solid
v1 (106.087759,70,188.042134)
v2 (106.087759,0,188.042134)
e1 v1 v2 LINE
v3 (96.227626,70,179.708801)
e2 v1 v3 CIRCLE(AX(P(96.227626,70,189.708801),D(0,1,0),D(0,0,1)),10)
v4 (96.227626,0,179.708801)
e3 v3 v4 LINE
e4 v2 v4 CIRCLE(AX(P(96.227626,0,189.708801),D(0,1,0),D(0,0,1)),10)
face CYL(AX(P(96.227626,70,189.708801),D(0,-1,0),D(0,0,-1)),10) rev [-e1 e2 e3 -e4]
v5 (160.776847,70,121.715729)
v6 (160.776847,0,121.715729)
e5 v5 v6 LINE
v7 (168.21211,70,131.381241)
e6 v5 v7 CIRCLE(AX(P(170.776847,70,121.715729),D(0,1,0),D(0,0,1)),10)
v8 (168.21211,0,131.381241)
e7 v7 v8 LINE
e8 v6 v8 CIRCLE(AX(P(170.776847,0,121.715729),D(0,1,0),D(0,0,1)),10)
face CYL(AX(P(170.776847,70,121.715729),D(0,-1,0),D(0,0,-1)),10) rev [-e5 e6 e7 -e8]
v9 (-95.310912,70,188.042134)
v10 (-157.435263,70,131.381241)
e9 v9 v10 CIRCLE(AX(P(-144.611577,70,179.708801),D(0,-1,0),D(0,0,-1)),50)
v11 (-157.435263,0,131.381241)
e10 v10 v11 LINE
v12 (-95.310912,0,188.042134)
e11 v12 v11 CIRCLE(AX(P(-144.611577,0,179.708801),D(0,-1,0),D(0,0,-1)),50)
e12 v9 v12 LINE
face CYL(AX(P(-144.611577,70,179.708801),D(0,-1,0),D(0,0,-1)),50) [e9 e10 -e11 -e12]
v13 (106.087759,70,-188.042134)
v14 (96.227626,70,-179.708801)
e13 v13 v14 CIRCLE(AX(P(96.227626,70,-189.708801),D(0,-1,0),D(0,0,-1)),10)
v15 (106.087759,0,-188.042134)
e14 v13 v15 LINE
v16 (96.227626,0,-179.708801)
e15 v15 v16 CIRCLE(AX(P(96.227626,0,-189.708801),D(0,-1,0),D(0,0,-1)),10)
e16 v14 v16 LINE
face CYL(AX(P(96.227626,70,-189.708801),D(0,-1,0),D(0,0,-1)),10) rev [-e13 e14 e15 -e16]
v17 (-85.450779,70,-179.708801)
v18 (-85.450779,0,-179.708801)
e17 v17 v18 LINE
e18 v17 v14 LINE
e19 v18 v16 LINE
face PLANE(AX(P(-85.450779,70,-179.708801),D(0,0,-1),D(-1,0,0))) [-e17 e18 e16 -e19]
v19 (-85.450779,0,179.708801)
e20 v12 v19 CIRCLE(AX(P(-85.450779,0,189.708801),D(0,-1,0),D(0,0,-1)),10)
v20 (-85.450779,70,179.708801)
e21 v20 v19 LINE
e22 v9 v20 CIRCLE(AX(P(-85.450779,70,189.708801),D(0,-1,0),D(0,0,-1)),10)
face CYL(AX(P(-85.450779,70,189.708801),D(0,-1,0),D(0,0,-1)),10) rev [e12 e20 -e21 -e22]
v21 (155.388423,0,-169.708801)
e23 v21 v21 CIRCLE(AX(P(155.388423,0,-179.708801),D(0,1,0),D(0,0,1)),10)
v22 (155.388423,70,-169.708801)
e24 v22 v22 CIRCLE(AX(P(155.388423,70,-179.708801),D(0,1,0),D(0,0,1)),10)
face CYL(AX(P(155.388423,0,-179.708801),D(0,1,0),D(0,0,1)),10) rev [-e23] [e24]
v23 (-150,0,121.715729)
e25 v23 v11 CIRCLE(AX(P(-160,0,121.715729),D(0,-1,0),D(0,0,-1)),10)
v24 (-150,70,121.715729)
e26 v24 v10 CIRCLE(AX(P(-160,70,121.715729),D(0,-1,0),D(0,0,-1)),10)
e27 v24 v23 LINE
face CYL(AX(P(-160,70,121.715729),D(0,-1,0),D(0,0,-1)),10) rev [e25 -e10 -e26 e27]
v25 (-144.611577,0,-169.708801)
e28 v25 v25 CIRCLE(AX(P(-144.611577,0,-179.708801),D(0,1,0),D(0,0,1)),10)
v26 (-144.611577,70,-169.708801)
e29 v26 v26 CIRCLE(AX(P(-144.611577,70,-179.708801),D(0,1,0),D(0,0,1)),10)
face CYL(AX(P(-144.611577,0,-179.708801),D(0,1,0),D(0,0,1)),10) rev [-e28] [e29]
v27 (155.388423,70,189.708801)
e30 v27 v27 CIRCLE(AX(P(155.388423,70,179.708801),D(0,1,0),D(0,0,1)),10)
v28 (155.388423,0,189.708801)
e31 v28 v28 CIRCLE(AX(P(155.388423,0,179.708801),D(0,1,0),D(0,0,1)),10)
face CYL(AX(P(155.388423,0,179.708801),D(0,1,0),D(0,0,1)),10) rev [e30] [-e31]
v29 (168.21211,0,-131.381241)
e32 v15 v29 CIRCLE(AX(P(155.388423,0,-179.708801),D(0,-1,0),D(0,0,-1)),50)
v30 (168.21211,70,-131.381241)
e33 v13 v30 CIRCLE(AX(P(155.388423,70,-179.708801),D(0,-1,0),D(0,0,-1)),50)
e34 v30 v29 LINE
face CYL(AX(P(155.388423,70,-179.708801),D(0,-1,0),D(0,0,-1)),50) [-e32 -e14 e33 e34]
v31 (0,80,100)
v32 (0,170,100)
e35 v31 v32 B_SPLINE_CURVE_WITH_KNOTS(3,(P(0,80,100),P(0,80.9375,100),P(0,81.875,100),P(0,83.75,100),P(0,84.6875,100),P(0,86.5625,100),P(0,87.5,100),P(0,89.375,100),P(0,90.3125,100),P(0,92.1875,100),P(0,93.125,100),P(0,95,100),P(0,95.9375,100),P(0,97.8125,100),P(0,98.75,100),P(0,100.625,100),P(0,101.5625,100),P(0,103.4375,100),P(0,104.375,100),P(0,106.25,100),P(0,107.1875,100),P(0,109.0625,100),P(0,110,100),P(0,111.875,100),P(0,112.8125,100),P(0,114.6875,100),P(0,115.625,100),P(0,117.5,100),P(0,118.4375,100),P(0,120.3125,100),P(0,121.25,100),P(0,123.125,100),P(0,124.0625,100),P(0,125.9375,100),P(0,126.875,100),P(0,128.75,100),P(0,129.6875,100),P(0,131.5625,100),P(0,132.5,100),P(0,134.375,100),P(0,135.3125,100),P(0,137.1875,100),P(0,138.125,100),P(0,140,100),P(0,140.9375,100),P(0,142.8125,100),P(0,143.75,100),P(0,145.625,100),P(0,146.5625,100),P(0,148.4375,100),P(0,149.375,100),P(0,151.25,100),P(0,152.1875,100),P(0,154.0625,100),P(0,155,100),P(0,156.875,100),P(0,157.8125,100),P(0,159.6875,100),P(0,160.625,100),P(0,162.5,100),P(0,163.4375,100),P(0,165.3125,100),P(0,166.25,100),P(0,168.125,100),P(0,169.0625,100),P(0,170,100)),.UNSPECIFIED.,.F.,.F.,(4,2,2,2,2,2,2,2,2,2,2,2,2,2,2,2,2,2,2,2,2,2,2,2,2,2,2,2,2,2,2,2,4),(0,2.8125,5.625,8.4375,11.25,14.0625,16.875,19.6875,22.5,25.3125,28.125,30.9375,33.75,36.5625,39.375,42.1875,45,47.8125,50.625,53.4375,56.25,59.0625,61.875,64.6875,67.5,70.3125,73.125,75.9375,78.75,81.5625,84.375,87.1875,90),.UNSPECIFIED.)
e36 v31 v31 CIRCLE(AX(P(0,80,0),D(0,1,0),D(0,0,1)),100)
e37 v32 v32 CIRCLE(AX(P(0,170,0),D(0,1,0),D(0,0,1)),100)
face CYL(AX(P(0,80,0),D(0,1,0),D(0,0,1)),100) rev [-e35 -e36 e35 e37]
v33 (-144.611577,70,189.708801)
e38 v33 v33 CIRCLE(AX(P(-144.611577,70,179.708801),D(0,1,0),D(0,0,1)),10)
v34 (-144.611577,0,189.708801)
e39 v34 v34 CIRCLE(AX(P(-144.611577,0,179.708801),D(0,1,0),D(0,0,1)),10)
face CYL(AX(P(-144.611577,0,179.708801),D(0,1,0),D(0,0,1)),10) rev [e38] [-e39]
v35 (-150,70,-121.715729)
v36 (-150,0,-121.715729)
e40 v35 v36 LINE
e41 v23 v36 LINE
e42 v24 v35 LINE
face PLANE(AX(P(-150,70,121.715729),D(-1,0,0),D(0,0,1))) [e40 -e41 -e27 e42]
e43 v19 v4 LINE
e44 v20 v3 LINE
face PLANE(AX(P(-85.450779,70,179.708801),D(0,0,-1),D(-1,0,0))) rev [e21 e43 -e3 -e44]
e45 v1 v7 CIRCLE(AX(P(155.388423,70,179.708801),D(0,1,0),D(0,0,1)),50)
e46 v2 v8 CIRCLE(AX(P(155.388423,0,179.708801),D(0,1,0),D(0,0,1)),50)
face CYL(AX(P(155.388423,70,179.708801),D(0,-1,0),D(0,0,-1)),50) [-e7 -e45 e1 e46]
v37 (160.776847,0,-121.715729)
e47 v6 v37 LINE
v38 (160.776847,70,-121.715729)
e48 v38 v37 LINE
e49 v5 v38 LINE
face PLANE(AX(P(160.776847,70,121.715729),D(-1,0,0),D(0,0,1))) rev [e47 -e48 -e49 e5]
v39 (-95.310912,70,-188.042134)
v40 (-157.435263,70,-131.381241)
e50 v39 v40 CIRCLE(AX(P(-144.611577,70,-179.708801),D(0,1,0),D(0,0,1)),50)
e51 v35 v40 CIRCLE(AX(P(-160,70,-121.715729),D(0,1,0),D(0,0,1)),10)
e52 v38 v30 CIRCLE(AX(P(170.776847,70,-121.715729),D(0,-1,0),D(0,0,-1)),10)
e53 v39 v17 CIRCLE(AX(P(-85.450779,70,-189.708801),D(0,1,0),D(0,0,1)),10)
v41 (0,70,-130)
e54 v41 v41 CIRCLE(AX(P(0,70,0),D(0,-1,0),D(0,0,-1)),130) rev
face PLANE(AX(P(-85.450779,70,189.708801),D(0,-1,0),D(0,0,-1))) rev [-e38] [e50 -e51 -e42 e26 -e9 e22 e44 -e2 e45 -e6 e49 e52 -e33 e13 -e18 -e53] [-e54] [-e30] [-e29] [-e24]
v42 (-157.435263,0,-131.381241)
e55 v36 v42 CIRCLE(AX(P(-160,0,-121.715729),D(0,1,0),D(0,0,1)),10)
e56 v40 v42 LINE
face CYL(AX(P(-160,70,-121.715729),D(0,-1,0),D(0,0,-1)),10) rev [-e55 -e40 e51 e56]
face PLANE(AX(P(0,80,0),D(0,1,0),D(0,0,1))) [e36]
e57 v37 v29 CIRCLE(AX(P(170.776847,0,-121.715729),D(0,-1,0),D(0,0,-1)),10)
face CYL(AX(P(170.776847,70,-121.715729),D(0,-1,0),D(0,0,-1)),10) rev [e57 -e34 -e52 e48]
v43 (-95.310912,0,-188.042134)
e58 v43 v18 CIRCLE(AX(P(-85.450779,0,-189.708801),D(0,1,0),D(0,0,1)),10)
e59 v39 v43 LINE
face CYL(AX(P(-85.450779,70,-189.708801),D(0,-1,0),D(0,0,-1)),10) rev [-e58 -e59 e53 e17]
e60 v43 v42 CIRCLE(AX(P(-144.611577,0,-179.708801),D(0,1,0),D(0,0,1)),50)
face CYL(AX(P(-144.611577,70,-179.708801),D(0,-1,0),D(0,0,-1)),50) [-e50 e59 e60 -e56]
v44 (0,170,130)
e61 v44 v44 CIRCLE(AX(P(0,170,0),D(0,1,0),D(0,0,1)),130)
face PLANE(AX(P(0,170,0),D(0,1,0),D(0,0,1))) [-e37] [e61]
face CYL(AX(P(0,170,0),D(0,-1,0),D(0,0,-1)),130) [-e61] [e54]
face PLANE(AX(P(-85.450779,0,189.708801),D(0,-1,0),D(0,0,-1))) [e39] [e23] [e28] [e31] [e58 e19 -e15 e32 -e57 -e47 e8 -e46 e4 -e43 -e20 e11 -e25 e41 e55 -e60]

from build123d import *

# Parameters (mm, degrees)
BOSS_EXTRUDE1_DEPTH = 70
SKETCH2_R           = 130
BOSS_EXTRUDE2_DEPTH = 100
SKETCH5_R           = 10
CUT_EXTRUDE1_DEPTH  = 324.960703978
SKETCH6_R           = 100
CUT_EXTRUDE2_DEPTH  = 90


with BuildPart() as part:
    # Sketch1 → Boss-Extrude1 (new body)
    with BuildSketch(Plane(origin=(0, 0, 0), x_dir=(1, 0, 0), z_dir=(0, 1, 0))):
        with BuildLine():
            Line((-85.450778727, 179.708800959), (96.227625611, 179.708800959))
            ThreePointArc((96.227625611, 179.708800959), (102.682597854, 182.071174801), (106.087758582, 188.042134293))
            ThreePointArc((106.087758582, 188.042134293), (189.081994137, 216.651233118), (168.212109643, 131.381240787))
            ThreePointArc((168.212109643, 131.381240787), (162.850707457, 127.812966963), (160.776846883, 121.715728753))
            Line((160.776846883, 121.715728753), (160.776846883, -121.715728753))
            ThreePointArc((160.776846883, -121.715728753), (162.850707457, -127.812966963), (168.212109643, -131.381240787))
            ThreePointArc((168.212109643, -131.381240787), (189.081994137, -216.651233118), (106.087758582, -188.042134293))
            ThreePointArc((106.087758582, -188.042134293), (102.682597854, -182.071174801), (96.227625611, -179.708800959))
            Line((96.227625611, -179.708800959), (-85.450778727, -179.708800959))
            ThreePointArc((-85.450778727, -179.708800959), (-91.905750971, -182.071174801), (-95.310911699, -188.042134293))
            ThreePointArc((-95.310911699, -188.042134293), (-178.305147254, -216.651233118), (-157.43526276, -131.381240787))
            ThreePointArc((-157.43526276, -131.381240787), (-152.073860574, -127.812966963), (-150, -121.715728753))
            Line((-150, -121.715728753), (-150, 121.715728753))
            ThreePointArc((-150, 121.715728753), (-152.073860574, 127.812966963), (-157.43526276, 131.381240787))
            ThreePointArc((-157.43526276, 131.381240787), (-178.305147254, 216.651233118), (-95.310911699, 188.042134293))
            ThreePointArc((-95.310911699, 188.042134293), (-91.905750971, 182.071174801), (-85.450778727, 179.708800959))
        make_face()
    extrude(amount=BOSS_EXTRUDE1_DEPTH)

    # Sketch2 → Boss-Extrude2 (add)
    with BuildSketch(Plane(origin=(0, 70, 0), x_dir=(1, 0, 0), z_dir=(0, 1, 0))):
        with Locations(Location((0, 0, 0), (0, 0, 90))):
            Circle(SKETCH2_R)
    extrude(amount=BOSS_EXTRUDE2_DEPTH)

    # Sketch5 → Cut-Extrude1 (cut, through all)
    with BuildSketch(Plane(origin=(0, 70, 0), x_dir=(1, 0, 0), z_dir=(0, 1, 0))):
        with Locations(Location((-144.611576558, -179.708800959, 0), (0, 0, 270))):
            Circle(SKETCH5_R)
        with Locations(Location((-144.611576558, 179.708800959, 0), (0, 0, 270))):
            Circle(SKETCH5_R)
        with Locations(Location((155.388423442, -179.708800959, 0), (0, 0, 270))):
            Circle(SKETCH5_R)
        with Locations(Location((155.388423442, 179.708800959, 0), (0, 0, 270))):
            Circle(SKETCH5_R)
    extrude(amount=-CUT_EXTRUDE1_DEPTH, mode=Mode.SUBTRACT)

    # Sketch6 → Cut-Extrude2 (cut)
    with BuildSketch(Plane(origin=(0, 170, 0), x_dir=(1, 0, 0), z_dir=(0, 1, 0))):
        with Locations(Location((0, 0, 0), (0, 0, 270))):
            Circle(SKETCH6_R)
    extrude(amount=-CUT_EXTRUDE2_DEPTH, mode=Mode.SUBTRACT)


solid = part.part
